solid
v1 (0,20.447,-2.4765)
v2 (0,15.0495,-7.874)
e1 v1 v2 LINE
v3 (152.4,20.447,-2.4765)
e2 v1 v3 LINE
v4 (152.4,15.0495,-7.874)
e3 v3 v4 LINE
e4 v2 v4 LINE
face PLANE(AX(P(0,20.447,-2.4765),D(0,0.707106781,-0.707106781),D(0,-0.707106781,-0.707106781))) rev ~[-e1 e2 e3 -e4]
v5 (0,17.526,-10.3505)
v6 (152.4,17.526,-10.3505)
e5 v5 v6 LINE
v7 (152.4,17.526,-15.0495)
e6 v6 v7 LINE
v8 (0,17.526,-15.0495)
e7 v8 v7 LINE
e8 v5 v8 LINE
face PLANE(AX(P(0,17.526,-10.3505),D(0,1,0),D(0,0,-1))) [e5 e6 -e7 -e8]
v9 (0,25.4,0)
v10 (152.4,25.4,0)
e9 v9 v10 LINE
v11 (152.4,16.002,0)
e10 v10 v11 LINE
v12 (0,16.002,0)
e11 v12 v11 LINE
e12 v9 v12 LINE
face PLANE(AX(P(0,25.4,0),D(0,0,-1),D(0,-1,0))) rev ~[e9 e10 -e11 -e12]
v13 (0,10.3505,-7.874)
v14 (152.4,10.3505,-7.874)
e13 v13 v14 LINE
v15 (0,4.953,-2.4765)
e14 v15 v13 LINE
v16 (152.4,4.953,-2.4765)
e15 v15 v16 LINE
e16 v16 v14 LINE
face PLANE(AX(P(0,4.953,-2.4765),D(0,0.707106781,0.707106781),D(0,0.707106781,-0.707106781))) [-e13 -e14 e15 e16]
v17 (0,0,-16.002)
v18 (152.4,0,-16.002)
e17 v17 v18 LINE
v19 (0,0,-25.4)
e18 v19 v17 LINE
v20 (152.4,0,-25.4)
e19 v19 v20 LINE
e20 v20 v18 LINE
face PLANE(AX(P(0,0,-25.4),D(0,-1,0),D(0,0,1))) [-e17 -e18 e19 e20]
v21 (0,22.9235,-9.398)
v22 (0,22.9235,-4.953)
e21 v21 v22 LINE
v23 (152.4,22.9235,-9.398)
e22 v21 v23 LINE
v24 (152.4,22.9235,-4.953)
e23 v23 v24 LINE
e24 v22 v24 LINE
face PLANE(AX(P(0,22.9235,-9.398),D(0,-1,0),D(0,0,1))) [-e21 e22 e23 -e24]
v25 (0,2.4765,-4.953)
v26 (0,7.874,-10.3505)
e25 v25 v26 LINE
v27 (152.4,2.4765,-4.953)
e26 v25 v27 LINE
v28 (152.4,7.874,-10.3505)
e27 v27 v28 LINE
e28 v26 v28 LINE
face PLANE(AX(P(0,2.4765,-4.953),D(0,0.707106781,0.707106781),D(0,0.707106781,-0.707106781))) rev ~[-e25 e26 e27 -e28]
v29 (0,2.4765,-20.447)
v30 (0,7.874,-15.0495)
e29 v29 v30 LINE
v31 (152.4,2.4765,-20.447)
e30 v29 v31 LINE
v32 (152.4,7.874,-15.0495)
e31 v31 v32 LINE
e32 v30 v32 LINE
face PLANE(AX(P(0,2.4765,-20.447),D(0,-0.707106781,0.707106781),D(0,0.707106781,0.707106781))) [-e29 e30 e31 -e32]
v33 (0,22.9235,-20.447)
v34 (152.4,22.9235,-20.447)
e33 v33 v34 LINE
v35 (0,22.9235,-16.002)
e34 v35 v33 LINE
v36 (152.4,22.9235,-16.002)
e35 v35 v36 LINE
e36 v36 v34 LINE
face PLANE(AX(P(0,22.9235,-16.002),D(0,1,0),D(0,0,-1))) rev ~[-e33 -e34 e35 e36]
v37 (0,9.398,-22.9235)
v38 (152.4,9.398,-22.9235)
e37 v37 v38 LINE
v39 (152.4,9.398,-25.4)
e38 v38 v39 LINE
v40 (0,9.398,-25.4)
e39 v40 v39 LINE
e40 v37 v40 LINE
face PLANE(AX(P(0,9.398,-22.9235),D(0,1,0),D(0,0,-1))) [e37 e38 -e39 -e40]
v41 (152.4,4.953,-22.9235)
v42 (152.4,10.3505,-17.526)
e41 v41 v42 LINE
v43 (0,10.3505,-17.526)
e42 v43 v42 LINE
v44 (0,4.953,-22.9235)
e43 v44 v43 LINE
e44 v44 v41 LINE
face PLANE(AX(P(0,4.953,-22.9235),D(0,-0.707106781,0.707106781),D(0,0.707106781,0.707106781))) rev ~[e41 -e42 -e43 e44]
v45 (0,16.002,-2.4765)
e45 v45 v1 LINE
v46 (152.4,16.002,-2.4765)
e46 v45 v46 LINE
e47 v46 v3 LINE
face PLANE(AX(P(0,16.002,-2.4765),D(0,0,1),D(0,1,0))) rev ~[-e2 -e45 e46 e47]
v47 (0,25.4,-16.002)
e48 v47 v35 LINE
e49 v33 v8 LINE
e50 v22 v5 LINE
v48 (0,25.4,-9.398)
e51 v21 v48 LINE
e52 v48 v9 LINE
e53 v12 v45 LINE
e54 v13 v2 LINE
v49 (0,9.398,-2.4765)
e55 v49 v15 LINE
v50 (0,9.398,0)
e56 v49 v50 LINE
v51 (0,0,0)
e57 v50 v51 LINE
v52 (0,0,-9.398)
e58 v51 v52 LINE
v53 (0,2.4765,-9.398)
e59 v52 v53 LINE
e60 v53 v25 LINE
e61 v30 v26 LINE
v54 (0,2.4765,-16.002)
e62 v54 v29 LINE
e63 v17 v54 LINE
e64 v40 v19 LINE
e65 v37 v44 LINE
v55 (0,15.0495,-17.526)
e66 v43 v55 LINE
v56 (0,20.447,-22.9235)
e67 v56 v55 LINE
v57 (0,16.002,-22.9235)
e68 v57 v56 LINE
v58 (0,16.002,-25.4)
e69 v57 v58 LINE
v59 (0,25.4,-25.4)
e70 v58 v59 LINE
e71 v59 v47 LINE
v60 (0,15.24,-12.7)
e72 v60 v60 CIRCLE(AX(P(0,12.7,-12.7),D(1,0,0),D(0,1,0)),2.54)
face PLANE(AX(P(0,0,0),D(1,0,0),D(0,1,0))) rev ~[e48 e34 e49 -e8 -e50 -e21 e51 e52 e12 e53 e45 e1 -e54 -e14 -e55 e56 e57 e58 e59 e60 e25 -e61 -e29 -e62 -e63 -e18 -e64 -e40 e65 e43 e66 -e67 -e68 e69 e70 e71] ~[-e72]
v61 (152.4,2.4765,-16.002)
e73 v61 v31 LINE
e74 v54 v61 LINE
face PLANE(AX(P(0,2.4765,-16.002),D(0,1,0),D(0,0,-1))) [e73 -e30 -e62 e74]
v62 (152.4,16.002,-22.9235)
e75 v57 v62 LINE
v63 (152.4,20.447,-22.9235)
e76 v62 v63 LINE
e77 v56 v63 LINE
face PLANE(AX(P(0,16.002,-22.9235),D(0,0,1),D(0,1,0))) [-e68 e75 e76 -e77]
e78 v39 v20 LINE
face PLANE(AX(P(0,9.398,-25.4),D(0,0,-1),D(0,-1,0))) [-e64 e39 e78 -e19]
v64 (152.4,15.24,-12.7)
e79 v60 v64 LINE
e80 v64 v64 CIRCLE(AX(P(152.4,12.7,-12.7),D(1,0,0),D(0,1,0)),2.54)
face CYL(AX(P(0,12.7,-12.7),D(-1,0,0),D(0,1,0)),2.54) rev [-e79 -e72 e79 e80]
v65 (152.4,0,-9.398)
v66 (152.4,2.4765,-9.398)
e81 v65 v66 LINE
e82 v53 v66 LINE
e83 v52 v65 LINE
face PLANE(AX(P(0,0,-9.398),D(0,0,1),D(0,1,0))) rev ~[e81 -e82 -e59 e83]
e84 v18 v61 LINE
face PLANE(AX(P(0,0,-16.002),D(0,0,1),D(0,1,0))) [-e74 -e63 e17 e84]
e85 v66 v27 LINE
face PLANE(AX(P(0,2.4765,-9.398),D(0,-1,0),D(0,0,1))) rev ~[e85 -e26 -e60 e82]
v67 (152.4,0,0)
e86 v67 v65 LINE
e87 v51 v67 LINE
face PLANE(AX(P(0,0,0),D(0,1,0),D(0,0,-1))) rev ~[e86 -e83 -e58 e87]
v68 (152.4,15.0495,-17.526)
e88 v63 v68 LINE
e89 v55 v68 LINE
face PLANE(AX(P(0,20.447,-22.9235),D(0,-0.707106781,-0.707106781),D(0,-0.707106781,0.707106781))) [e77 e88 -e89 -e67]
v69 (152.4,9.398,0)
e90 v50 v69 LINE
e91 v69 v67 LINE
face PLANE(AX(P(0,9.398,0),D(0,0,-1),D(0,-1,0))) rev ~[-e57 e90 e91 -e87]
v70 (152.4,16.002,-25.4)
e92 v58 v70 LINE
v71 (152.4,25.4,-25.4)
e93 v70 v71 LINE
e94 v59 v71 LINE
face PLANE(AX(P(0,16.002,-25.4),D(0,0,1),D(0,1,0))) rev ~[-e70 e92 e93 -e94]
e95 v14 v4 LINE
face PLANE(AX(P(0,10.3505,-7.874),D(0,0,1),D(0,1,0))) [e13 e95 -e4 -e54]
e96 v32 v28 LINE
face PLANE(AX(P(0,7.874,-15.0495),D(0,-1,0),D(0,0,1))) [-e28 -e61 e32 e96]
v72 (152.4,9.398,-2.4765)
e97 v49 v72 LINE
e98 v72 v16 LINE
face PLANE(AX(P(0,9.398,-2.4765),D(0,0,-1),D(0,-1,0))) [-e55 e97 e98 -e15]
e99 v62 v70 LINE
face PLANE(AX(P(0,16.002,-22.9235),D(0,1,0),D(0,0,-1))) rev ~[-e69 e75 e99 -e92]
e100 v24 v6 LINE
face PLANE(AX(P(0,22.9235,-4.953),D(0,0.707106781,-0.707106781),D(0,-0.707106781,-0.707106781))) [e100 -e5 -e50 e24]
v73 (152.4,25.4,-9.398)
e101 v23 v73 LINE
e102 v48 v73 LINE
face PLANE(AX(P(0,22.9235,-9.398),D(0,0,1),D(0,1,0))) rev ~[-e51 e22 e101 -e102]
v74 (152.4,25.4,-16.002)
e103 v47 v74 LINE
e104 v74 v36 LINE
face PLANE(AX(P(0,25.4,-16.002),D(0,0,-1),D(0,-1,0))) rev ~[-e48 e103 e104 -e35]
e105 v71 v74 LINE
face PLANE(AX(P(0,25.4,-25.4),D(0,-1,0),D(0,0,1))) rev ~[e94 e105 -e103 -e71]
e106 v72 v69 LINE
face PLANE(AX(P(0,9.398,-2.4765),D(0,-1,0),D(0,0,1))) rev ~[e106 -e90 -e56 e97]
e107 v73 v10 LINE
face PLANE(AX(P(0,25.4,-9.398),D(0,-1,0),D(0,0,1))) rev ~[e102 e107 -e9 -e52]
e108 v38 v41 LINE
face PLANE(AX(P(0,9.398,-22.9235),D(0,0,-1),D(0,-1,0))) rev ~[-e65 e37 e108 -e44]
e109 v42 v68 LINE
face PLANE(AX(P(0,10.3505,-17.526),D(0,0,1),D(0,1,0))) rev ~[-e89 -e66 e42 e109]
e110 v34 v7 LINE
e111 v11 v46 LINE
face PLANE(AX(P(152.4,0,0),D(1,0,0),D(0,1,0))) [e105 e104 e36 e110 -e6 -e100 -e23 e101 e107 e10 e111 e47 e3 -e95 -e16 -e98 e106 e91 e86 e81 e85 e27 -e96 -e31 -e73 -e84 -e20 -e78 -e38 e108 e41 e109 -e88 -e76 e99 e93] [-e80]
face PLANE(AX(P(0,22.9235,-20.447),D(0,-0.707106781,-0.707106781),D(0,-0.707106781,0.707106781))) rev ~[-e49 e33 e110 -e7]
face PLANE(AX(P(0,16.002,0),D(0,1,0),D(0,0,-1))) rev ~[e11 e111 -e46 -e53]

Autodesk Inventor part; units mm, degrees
ref_plane "YZ Plane" through (0, 0, 0) normal (1, 0, 0) x (0, 1, 0)
ref_plane "XZ Plane" through (0, 0, 0) normal (0, 1, 0) x (-1, 0, 0)
ref_plane "XY Plane" through (0, 0, 0) normal (0, 0, 1) x (1, 0, 0)
sketch "Sketch1" plane through (0, 0, 0) normal (1, 0, 0) x (0, 1, 0)
  line L0 (0, 0) -> (0, -9.398)
  line L1 (0, -9.398) -> (2.4765, -9.398)
  line L2 (9.398, -2.4765) -> (9.398, 0)
  line L3 (9.398, 0) -> (0, 0)
  line L4 (16.002, 0) -> (16.002, -2.4765)
  line L5 (22.9235, -9.398) -> (25.4, -9.398)
  line L6 (25.4, -9.398) -> (25.4, 0)
  line L7 (25.4, 0) -> (16.002, 0)
  line L8 (25.4, -16.002) -> (22.9235, -16.002)
  line L9 (16.002, -22.9235) -> (16.002, -25.4)
  line L10 (16.002, -25.4) -> (25.4, -25.4)
  line L11 (25.4, -25.4) -> (25.4, -16.002)
  line L12 (0, -16.002) -> (2.4765, -16.002)
  line L13 (9.398, -22.9235) -> (9.398, -25.4)
  line L14 (9.398, -25.4) -> (0, -25.4)
  line L15 (0, -25.4) -> (0, -16.002)
  line L16 (22.9235, -9.398) -> (22.9235, -4.953)
  line L17 (16.002, -2.4765) -> (20.447, -2.4765)
  line L18 (20.447, -2.4765) -> (15.0495, -7.874)
  line L19 (20.447, -2.4765) -> (28.0802, -2.4765) construction
  line L20 (22.9235, -4.953) -> (17.526, -10.3505)
  line L21 (22.9235, -16.002) -> (22.9235, -20.447)
  line L22 (22.9235, -20.447) -> (17.526, -15.0495)
  line L23 (16.002, -22.9235) -> (20.447, -22.9235)
  line L24 (20.447, -22.9235) -> (15.0495, -17.526)
  line L25 (2.4765, -16.002) -> (2.4765, -20.447)
  line L26 (2.4765, -20.447) -> (7.874, -15.0495)
  line L27 (9.398, -22.9235) -> (4.953, -22.9235)
  line L28 (4.953, -22.9235) -> (10.3505, -17.526)
  line L29 (9.398, -2.4765) -> (4.953, -2.4765)
  line L30 (4.953, -2.4765) -> (10.3505, -7.874)
  line L31 (2.4765, -9.398) -> (2.4765, -4.953)
  line L32 (2.4765, -4.953) -> (7.874, -10.3505)
  line L33 (10.3505, -7.874) -> (15.0495, -7.874)
  line L34 (17.526, -10.3505) -> (17.526, -15.0495)
  line L35 (10.3505, -17.526) -> (15.0495, -17.526)
  line L36 (7.874, -15.0495) -> (7.874, -10.3505)
  circle A0 centre (12.7, -12.7) radius 2.54
  dimension "d2" = 9.398
  dimension "d3" = 2.4765
  dimension "d7" = 2.4765
  dimension "d10" = 2.4765
  dimension "d11" = 25.4
  dimension "d13" = 2.4765
  dimension "d16" = 2.4765
  dimension "d17" = 9.398
  dimension "d18" = 25.4
  dimension "d23" = 2.4765
  dimension "d24" = 25.4
  dimension "d25" = 25.4
  dimension "d32" = 4.445
  dimension "d33" = 4.445
  dimension "d35" = 135
  dimension "d36" = 4.445
  dimension "d37" = 4.445
  dimension "d38" = 2.4765
  dimension "d40" = 4.445
  dimension "d41" = 4.445
  dimension "d42" = 4.445
  dimension "d43" = 4.445
  dimension "d44" = 5.08
extrude "Extrusion1" add sketch "Sketch1" along normal blind 152.4
properties part number "LatX24in1"
